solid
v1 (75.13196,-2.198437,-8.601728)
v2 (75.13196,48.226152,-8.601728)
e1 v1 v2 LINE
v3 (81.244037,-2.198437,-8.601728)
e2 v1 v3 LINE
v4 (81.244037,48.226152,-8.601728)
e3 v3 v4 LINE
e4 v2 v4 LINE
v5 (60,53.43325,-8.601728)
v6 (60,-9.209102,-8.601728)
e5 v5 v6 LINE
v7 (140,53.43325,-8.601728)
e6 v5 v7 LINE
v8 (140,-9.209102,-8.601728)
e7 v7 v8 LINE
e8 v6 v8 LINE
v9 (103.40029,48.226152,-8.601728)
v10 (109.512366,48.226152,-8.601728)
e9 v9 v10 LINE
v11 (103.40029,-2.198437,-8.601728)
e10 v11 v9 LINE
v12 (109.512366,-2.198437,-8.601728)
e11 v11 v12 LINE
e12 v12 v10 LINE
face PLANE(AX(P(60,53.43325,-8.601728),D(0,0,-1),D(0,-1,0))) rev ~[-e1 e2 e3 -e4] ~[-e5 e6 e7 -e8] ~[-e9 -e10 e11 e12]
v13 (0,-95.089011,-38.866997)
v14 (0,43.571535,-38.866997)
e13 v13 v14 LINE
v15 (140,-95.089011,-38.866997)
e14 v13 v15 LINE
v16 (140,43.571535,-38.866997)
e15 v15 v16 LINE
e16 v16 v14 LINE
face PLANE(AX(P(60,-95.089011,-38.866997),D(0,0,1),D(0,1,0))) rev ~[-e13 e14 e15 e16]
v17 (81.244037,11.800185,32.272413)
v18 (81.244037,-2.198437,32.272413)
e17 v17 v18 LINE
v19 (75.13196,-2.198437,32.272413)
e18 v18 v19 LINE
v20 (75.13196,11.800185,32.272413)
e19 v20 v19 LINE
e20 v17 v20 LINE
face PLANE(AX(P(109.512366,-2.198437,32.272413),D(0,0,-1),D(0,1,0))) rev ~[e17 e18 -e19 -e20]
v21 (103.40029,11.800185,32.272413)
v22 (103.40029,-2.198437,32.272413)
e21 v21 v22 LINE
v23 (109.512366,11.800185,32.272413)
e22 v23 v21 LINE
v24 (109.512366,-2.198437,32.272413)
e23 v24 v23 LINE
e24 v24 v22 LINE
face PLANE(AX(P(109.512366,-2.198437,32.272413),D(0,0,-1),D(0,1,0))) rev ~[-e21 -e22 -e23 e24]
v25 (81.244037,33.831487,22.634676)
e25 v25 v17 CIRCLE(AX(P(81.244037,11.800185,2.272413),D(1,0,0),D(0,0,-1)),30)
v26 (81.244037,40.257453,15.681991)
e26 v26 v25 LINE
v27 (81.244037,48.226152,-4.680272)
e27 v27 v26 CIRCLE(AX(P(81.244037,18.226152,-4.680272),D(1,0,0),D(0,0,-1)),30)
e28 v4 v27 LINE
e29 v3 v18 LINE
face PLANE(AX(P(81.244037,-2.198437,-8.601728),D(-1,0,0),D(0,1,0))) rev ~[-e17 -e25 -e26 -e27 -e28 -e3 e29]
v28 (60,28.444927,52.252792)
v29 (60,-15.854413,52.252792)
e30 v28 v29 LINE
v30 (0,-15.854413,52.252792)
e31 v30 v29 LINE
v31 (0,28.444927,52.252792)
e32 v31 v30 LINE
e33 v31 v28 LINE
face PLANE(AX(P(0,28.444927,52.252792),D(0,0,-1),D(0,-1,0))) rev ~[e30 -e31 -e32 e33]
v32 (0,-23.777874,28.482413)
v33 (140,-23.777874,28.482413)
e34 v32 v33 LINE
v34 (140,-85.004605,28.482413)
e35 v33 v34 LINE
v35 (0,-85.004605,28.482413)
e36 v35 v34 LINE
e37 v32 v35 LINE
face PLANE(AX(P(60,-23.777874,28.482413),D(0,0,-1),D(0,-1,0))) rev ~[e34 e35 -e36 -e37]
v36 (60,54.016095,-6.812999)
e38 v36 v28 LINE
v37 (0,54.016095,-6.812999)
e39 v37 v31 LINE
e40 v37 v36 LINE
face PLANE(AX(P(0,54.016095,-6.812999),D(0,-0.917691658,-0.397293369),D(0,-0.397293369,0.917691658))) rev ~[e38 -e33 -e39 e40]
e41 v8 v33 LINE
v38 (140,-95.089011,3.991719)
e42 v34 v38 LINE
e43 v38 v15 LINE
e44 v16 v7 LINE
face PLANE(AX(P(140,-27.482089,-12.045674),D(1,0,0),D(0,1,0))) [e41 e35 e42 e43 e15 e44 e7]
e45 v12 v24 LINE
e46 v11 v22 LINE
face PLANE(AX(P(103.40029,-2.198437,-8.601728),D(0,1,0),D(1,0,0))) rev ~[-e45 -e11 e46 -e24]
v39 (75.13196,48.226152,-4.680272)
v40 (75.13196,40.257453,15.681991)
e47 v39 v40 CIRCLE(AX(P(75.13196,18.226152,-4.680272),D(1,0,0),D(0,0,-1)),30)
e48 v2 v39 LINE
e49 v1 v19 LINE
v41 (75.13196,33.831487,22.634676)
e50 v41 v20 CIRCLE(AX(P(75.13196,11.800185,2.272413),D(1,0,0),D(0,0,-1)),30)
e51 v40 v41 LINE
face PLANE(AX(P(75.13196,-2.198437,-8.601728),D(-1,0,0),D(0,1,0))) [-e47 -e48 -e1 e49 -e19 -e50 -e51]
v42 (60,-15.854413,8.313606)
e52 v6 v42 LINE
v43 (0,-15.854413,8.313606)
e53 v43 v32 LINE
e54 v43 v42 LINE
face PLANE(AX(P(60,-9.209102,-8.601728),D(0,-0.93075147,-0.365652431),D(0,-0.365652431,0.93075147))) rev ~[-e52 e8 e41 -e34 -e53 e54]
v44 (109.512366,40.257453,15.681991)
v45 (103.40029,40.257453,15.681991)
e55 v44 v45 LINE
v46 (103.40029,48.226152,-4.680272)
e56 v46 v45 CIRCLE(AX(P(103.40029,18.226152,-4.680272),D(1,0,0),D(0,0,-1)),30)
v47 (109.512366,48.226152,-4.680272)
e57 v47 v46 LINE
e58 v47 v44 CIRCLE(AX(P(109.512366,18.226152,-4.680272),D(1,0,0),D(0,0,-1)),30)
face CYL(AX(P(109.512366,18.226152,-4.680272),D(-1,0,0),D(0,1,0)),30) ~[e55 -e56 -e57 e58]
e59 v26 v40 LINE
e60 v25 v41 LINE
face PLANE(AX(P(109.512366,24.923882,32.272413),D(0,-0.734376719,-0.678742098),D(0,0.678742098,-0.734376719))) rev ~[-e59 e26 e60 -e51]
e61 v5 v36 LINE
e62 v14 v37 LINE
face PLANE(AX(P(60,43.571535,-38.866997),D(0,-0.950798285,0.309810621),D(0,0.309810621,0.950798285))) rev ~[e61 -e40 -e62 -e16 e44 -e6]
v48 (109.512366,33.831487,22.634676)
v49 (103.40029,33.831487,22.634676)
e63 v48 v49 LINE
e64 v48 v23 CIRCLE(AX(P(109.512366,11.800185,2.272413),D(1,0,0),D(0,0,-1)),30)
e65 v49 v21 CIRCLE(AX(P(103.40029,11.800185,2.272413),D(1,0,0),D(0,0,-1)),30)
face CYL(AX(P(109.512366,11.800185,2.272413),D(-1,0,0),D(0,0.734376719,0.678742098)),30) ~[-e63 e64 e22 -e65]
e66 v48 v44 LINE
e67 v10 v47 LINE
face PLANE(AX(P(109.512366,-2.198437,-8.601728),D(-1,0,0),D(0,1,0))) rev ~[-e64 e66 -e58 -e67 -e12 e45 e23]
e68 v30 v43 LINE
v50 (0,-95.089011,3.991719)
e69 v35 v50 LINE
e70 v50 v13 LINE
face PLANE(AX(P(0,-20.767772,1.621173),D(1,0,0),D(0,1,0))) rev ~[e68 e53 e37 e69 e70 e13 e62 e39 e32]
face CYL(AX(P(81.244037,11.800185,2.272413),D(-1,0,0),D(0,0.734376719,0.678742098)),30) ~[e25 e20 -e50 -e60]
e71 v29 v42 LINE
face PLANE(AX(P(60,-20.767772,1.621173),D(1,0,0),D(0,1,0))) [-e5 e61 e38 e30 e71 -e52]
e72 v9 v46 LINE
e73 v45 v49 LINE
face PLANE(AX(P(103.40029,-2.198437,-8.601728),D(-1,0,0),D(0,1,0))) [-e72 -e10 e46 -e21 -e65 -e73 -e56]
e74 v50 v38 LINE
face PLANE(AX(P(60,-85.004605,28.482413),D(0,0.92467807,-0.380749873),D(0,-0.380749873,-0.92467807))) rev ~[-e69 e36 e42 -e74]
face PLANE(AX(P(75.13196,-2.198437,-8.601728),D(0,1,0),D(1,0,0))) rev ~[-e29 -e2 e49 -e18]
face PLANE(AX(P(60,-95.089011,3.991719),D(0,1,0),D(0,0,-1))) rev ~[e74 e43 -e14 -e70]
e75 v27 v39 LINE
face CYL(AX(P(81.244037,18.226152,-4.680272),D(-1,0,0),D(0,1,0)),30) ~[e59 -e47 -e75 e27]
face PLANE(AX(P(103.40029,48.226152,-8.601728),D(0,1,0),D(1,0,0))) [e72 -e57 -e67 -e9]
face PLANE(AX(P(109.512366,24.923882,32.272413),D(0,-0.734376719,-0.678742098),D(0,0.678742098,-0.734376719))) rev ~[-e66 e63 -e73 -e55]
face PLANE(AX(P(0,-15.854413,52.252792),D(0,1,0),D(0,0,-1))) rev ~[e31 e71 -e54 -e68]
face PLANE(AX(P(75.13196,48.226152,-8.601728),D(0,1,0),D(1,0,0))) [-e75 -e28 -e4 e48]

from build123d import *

# Parameters (mm, degrees)
F1_DEPTH = 60
F3_DEPTH = 80
F4_W     = 6.1120763421
F4_H     = 50.4245881457
F5_DEPTH = 57.3
F7_DEPTH = 45.7
F8_R     = 30


with BuildPart() as f1:
    # F0 (on Right) → F1 (new body)
    with BuildSketch(Plane.YZ):
        Polygon((-85.0046053529, 28.4824129194), (-95.0890108943, 3.9917188697), (-95.0890108943, -38.8669967651), (43.5715354979, -38.8669967651), (54.0160946548, -6.812999025), (28.4449271858, 52.252791822), (-15.8544126898, 52.252791822), (-15.8544126898, 8.3136055619), (-23.7778741866, 28.4824129194), align=None)
    extrude(amount=F1_DEPTH)

    # F2 (on face) → F3 (join)
    with BuildSketch(Plane.YZ.offset(60)):
        Polygon((-9.2091018375, -8.6017280287), (-15.8544126898, 8.3136055619), (-23.7778741866, 28.4824129194), (-85.0046053529, 28.4824129194), (-95.0890108943, 3.9917188697), (-95.0890108943, -38.8669967651), (43.5715354979, -38.8669967651), (53.433250479, -8.6017280287), align=None)
    extrude(amount=F3_DEPTH)

    # F4 (on face) → F5 (join)
    with BuildSketch(Plane.XY.offset(-8.6017280287)):
        with Locations((78.1879983842, 23.0138575425)):
            Rectangle(F4_W, F4_H)
        with Locations((106.4563281834, 23.0138575425)):
            Rectangle(F4_W, F4_H)
    extrude(amount=F5_DEPTH)

    # F6 (on face) → F7 (cut)
    with BuildSketch(Plane.YZ.offset(109.5123663545)):
        Polygon((-2.1984365303, 48.6982719713), (-2.1984365303, 32.272413373), (24.9238815159, 32.272413373), (48.2261516154, 7.0601203479), (48.2261516154, 48.6982719713), align=None)
    extrude(amount=-F7_DEPTH, mode=Mode.SUBTRACT)

    # F8
    f8_edges = [f1.edges().sort_by_distance(p)[0] for p in [
        (106.456328, 48.226152, 7.06012),
        (106.456328, 24.923882, 32.272413),
        (78.187998, 24.923882, 32.272413),
        (78.187998, 48.226152, 7.06012),
    ]]
    fillet(f8_edges, radius=F8_R)


solid = f1.part
